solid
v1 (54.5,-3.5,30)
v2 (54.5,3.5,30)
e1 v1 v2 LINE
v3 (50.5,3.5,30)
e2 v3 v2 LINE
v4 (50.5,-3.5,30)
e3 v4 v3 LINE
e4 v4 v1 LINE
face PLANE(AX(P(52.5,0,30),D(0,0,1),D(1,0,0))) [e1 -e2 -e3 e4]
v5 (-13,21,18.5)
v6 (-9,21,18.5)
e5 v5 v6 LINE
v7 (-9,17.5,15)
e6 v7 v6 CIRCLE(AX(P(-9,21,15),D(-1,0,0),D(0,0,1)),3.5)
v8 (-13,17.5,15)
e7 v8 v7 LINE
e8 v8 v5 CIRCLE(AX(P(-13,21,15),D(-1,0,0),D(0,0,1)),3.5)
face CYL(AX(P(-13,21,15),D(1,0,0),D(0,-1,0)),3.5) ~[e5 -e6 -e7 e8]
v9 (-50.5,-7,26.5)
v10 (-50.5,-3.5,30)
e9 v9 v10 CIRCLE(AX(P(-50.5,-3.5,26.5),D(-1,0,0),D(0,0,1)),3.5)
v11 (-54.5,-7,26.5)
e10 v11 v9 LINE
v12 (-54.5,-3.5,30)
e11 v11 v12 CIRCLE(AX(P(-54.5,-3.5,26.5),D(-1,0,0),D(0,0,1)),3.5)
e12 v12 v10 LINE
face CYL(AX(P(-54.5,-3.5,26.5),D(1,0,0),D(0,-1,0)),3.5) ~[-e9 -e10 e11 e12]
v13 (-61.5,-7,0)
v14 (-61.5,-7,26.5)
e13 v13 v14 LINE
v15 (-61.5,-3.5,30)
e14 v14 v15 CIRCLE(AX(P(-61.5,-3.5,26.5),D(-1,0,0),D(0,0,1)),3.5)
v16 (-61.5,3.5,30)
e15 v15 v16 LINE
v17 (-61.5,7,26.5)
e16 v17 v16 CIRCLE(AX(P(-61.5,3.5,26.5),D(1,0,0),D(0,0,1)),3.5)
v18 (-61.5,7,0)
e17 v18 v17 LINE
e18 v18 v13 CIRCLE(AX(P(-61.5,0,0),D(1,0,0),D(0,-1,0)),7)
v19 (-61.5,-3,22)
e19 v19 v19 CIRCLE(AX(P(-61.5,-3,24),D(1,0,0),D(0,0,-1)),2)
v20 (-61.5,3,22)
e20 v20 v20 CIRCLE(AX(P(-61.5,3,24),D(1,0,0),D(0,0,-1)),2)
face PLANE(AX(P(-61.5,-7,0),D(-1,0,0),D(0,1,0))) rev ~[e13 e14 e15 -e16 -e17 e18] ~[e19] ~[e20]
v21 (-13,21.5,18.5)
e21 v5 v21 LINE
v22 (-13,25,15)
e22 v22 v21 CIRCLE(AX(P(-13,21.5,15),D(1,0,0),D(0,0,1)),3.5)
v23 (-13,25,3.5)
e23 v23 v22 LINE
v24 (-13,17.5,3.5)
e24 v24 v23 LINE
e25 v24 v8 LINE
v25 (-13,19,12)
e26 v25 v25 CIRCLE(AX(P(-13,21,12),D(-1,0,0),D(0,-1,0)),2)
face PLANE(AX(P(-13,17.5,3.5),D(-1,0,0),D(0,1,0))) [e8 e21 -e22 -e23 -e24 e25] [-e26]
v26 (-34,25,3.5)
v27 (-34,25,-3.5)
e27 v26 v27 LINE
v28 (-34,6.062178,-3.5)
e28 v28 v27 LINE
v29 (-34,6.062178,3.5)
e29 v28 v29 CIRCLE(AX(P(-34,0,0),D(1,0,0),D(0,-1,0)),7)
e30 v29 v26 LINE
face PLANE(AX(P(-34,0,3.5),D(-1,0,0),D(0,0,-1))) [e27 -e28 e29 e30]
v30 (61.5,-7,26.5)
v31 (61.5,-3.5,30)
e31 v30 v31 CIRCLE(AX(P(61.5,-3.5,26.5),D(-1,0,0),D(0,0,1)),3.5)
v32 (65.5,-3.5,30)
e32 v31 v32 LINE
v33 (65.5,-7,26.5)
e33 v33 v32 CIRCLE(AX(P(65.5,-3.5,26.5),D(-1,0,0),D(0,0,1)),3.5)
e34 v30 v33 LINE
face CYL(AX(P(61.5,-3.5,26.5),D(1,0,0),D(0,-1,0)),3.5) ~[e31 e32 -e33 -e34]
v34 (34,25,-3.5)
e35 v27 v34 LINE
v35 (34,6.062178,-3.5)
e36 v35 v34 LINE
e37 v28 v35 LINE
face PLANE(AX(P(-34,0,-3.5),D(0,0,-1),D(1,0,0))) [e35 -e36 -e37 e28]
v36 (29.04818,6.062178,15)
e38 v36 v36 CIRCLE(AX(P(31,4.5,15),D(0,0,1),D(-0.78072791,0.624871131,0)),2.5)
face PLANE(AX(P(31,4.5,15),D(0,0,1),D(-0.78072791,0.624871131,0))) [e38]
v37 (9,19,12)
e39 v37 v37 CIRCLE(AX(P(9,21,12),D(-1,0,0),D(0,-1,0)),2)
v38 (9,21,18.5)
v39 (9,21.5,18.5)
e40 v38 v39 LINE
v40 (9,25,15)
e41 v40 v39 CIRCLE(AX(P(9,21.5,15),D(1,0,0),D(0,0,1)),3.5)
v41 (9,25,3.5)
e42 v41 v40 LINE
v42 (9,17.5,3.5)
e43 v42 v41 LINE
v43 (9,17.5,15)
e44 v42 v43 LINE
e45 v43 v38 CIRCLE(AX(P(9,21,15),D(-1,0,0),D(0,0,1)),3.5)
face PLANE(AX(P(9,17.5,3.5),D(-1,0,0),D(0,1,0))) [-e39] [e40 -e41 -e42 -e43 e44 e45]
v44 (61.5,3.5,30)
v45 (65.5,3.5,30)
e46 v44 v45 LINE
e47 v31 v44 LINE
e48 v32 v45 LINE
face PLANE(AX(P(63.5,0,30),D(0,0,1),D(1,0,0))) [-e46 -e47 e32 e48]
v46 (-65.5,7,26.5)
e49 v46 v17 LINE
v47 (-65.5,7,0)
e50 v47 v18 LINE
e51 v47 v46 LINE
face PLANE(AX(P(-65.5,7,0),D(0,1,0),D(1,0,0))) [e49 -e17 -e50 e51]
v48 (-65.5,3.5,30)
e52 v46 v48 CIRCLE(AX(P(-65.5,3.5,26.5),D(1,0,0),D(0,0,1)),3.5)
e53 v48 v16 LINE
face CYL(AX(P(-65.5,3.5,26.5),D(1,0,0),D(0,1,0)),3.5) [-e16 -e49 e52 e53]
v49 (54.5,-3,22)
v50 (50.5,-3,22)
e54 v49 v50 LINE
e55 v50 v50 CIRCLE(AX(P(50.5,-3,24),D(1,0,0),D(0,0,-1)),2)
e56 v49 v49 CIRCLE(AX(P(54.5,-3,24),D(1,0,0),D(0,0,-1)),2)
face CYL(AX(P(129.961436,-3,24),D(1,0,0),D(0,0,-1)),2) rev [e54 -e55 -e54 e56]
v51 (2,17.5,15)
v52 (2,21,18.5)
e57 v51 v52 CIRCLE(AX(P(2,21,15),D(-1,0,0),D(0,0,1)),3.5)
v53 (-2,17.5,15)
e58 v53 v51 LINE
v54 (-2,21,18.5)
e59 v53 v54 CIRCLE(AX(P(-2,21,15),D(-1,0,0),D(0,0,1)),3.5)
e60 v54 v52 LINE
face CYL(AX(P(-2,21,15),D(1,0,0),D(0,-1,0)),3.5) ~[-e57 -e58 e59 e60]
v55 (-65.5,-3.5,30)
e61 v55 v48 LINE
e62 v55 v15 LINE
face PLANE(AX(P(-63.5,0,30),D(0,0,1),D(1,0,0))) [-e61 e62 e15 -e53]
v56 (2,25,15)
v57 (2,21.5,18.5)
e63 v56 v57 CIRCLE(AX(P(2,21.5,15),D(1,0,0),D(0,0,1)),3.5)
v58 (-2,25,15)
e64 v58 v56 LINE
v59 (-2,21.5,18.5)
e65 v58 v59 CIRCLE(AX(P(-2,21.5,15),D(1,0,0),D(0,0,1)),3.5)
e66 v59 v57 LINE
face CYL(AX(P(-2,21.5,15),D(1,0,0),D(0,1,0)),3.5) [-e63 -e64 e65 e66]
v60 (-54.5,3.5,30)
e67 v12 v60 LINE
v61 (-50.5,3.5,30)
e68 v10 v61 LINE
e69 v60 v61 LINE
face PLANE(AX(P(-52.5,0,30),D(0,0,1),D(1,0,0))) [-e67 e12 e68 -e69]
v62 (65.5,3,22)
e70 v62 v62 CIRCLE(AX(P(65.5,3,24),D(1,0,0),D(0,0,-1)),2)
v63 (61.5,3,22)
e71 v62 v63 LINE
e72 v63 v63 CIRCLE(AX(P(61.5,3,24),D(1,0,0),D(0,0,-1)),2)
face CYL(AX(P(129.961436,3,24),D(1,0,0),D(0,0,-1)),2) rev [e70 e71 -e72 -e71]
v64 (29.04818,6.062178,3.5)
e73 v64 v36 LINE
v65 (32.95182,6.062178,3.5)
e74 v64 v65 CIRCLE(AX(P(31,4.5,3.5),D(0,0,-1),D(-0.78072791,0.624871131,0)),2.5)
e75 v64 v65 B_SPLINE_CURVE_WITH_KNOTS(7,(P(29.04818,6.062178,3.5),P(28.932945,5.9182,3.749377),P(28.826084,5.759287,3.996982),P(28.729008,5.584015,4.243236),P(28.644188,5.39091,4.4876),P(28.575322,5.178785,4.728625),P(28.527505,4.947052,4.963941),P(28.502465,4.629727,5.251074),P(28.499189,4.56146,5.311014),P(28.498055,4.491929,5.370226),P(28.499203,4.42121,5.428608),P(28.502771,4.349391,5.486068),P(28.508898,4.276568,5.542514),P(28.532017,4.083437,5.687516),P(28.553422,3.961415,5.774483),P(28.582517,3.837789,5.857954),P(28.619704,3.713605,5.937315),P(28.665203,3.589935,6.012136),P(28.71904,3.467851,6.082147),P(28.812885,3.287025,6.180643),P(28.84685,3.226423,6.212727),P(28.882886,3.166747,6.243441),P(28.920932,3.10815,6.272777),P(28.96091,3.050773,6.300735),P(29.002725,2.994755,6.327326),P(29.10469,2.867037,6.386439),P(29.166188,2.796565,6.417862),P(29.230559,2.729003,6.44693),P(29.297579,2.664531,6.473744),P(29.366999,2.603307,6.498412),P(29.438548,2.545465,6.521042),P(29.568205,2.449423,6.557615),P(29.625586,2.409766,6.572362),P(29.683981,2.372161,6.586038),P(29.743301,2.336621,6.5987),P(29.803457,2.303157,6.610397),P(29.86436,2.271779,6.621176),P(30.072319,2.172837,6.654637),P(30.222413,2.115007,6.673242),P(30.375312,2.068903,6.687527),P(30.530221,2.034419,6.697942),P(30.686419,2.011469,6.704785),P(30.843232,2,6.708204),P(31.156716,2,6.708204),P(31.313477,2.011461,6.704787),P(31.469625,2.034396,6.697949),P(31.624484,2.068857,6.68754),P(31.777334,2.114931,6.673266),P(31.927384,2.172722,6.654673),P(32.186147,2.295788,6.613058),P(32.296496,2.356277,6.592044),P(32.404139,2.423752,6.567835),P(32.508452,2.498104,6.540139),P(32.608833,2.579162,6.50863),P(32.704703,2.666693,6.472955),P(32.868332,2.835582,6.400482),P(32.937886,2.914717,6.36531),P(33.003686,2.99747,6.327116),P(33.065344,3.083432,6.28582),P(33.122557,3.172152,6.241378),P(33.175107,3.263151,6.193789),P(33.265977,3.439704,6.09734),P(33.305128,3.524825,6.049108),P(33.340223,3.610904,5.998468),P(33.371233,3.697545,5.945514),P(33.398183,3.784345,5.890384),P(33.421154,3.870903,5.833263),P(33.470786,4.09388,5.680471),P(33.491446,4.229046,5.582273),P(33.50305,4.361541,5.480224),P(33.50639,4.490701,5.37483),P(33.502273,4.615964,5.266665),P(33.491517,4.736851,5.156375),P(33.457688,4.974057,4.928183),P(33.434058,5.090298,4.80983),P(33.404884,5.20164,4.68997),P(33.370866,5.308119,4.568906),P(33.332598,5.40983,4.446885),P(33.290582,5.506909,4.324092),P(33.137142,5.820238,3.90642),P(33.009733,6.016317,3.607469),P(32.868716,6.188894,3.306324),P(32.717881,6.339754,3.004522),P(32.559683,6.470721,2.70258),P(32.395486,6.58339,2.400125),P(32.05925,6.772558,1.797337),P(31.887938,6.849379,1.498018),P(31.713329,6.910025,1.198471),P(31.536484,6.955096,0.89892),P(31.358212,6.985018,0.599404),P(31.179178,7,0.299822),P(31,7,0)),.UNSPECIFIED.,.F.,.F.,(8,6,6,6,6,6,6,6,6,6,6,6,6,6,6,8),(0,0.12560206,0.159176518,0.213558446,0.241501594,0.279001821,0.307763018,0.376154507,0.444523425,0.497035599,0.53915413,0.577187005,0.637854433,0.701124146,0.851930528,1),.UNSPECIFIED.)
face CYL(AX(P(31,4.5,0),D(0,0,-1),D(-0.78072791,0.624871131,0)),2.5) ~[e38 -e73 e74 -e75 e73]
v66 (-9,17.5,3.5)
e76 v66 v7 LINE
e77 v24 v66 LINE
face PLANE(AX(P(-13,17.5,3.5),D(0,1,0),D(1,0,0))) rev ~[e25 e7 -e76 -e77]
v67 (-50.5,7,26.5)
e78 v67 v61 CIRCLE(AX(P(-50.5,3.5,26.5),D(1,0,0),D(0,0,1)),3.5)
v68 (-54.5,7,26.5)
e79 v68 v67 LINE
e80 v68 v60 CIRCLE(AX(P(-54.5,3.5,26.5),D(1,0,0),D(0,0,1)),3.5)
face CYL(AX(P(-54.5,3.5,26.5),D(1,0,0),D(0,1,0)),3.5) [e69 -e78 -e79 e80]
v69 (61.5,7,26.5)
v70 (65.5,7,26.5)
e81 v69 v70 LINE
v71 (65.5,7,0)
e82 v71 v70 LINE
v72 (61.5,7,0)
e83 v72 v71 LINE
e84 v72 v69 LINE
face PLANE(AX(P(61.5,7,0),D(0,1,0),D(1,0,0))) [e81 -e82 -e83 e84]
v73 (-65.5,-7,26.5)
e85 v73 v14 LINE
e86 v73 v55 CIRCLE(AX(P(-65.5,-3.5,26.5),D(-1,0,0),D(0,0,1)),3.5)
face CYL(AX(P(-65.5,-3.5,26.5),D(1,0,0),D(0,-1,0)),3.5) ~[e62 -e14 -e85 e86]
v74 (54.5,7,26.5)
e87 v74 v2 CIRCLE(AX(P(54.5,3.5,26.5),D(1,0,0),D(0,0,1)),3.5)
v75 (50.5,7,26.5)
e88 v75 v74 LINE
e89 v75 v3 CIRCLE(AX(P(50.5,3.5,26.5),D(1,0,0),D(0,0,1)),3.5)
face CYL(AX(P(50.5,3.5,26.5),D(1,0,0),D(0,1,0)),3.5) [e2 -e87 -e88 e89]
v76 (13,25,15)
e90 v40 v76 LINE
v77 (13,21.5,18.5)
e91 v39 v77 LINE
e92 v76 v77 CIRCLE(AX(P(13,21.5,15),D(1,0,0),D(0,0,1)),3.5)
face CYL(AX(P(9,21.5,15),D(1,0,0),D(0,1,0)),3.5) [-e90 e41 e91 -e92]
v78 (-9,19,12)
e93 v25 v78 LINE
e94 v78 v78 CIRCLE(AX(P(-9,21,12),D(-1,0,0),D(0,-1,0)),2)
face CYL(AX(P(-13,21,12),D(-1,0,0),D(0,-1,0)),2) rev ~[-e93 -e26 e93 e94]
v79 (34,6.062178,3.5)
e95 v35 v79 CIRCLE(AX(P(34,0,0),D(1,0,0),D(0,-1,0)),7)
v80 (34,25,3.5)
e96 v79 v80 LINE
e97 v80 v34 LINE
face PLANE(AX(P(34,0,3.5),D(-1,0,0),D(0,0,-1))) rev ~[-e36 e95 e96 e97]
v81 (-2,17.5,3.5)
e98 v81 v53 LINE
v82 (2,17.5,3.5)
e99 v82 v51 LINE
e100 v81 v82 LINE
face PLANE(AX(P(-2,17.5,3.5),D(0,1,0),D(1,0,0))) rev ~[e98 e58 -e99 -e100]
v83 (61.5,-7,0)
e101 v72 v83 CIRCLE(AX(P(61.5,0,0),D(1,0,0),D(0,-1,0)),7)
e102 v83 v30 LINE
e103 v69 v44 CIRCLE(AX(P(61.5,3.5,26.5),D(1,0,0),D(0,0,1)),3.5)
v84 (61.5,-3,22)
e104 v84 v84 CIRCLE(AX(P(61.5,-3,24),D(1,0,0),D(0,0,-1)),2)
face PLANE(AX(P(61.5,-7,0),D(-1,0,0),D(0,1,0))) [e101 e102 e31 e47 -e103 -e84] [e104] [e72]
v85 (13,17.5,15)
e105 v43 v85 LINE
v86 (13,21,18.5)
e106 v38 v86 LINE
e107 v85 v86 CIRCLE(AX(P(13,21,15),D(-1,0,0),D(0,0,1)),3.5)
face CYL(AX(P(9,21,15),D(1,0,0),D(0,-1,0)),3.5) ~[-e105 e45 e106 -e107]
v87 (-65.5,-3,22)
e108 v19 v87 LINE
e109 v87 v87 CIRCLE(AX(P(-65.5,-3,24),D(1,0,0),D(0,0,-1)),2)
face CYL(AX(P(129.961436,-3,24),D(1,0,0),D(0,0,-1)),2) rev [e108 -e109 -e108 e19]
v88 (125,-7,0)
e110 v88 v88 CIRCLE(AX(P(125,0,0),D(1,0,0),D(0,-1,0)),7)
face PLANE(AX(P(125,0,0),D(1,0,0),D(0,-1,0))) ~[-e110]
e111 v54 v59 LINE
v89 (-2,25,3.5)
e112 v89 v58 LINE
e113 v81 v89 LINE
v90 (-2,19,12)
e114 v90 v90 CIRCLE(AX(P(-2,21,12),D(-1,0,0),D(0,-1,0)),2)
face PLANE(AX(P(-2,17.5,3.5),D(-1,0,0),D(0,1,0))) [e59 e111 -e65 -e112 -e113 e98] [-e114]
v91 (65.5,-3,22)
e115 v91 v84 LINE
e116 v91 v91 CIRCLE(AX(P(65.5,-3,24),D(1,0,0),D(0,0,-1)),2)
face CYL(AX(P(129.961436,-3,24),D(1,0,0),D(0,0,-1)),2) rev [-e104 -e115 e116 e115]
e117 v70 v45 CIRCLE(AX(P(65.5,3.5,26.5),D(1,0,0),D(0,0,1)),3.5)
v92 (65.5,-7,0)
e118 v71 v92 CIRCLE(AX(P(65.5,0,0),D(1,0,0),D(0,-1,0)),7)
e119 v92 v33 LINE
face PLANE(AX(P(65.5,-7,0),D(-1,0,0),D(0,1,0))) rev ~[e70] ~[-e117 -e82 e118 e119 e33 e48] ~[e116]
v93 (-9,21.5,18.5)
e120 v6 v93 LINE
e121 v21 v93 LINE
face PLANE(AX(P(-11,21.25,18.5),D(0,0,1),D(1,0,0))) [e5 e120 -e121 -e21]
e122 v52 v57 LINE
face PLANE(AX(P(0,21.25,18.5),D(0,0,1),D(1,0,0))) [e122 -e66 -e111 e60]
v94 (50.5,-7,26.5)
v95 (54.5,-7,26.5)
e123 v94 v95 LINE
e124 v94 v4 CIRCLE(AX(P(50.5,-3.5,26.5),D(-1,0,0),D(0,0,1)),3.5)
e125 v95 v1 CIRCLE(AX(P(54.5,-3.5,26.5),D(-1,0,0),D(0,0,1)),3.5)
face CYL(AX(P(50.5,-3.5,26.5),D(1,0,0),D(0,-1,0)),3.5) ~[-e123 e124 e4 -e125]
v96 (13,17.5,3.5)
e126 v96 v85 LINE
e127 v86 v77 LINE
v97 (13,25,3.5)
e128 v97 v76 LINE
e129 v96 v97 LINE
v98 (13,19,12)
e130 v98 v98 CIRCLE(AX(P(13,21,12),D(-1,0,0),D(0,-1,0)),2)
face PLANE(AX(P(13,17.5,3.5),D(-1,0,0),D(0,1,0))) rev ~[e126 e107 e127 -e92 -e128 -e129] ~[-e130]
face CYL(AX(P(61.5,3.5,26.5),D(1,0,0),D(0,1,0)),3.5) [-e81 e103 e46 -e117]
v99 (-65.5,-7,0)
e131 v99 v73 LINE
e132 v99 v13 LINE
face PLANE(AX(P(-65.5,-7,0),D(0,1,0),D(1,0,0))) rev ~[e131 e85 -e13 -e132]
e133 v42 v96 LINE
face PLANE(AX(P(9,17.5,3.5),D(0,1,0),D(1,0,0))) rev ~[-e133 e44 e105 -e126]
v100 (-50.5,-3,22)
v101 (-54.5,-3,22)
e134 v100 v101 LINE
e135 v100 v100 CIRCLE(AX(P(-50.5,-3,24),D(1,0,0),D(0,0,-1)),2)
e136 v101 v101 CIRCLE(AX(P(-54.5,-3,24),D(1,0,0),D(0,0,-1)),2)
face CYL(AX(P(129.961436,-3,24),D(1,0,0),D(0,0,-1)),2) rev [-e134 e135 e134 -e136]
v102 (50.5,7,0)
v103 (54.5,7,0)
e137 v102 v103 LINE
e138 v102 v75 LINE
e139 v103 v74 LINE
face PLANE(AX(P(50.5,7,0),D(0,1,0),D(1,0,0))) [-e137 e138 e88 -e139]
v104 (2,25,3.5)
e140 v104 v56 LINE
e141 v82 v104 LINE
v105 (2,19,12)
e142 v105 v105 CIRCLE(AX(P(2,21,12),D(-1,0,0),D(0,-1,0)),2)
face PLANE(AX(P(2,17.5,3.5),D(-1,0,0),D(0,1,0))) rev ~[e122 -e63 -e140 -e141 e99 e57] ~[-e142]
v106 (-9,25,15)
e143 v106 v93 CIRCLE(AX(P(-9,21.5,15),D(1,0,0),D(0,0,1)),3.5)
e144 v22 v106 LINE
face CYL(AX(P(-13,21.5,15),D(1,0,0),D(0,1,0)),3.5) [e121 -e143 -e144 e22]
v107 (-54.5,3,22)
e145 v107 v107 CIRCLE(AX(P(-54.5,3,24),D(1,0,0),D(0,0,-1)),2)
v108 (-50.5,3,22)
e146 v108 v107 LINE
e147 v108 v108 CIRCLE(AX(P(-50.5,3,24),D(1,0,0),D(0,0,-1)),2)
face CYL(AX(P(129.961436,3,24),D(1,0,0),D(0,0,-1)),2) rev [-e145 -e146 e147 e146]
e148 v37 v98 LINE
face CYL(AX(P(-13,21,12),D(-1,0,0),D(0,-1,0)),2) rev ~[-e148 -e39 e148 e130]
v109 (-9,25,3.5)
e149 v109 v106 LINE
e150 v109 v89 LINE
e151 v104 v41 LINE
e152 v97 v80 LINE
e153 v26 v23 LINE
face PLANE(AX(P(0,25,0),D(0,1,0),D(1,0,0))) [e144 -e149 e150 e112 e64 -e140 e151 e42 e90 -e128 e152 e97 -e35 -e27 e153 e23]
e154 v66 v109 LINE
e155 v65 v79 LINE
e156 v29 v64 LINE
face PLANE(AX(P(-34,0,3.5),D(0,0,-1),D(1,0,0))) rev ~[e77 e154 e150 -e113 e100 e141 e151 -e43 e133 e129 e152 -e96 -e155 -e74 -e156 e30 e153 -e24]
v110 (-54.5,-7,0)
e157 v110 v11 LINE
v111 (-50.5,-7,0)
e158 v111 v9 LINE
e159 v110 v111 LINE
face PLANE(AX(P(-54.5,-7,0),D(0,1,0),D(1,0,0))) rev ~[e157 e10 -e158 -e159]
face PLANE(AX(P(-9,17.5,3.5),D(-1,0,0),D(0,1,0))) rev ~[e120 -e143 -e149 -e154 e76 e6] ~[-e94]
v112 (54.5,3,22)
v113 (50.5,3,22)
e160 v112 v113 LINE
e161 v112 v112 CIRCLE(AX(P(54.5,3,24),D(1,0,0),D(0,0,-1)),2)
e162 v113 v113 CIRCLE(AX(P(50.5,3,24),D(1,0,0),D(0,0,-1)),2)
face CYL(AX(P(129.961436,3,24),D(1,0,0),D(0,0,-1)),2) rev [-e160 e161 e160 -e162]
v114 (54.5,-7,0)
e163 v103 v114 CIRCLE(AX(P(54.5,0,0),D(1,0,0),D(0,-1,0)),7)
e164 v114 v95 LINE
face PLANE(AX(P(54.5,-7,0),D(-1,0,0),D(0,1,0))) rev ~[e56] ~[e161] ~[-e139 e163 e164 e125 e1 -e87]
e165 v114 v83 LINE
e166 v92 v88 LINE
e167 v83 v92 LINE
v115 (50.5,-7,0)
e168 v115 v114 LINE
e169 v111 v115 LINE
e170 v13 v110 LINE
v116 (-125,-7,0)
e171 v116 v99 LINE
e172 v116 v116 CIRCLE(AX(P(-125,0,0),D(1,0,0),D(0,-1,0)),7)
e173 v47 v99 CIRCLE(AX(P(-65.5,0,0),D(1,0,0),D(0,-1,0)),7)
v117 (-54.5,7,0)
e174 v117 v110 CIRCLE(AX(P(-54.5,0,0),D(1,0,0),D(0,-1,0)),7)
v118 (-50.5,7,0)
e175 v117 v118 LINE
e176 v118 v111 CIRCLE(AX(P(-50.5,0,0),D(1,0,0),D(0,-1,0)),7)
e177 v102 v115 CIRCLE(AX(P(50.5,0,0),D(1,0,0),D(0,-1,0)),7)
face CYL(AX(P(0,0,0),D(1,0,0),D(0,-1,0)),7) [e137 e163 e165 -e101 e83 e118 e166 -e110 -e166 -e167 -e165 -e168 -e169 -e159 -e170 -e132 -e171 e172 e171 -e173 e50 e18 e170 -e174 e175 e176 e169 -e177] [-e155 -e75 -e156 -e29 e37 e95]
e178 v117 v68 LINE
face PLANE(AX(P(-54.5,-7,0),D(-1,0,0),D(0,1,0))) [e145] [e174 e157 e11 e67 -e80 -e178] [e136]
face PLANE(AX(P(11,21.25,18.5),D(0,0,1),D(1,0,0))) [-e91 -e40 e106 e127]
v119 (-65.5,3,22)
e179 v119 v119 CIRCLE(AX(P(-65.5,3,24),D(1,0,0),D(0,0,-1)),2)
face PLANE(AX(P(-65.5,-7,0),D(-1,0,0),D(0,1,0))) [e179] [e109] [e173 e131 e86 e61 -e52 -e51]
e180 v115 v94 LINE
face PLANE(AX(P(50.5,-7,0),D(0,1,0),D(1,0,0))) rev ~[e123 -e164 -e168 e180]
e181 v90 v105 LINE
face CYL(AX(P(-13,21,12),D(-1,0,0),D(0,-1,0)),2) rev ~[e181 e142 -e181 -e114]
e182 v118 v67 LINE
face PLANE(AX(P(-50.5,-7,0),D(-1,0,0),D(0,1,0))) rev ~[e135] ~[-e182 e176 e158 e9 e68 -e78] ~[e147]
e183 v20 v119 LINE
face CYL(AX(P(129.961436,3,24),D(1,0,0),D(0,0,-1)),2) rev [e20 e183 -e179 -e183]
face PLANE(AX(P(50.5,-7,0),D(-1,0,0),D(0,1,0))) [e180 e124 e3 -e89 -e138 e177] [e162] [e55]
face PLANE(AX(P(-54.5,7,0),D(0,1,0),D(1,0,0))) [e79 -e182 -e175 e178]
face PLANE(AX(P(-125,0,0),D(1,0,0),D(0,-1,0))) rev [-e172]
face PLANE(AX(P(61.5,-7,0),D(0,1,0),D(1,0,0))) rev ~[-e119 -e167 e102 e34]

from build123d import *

# Parameters (mm, degrees)
SKETCH1_W               = 250
SKETCH1_H               = 7
SKETCH2_W               = 68
SKETCH2_H               = 7
BOSS_EXTRUDE1_DEPTH     = 25
SKETCH3_W               = 4
SKETCH3_H               = 7.5
BOSS_EXTRUDE2_DEPTH     = 15
FILLET1_R               = 3.5
SKETCH5_R               = 2.5
SKETCH5_W               = 4
SKETCH5_H               = 14
BOSS_EXTRUDE3_DEPTH     = 30
FILLET2_R               = 3.5
CUT_EXTRUDE1_DEPTH      = 195.461435879
CUT_EXTRUDE1_DEPTH_BACK = 195.461435879
SKETCH6_R               = 2
SKETCH4_R               = 2
CUT_EXTRUDE2_DEPTH      = 144.418966785
CUT_EXTRUDE3_START      = -15
SKETCH7_R               = 2.5
CUT_EXTRUDE3_DEPTH      = 15


with BuildPart() as part:
    # Sketch1 → Revolve-Thin1 (revolve)
    with BuildSketch(Plane.XY, mode=Mode.PRIVATE) as revolve_thin1_sk:
        with Locations((0, 3.5)):
            Rectangle(SKETCH1_W, SKETCH1_H)
    revolve(revolve_thin1_sk.sketch.rotate(Axis((-125, 0, 0), (1, 0, 0)), 180), axis=Axis((-125, 0, 0), (1, 0, 0)))

    # Sketch2 → Boss-Extrude1 (add)
    with BuildSketch(Plane(origin=(0, 0, 0), x_dir=(1, 0, 0), z_dir=(0, 1, 0))):
        Rectangle(SKETCH2_W, SKETCH2_H)
    extrude(amount=BOSS_EXTRUDE1_DEPTH)

    # Sketch3 → Boss-Extrude2 (add)
    with BuildSketch(Plane.XY.offset(3.5)):
        with Locations((-11, 21.25)):
            Rectangle(SKETCH3_W, SKETCH3_H)
        with Locations((0, 21.25)):
            Rectangle(SKETCH3_W, SKETCH3_H)
        with Locations((11, 21.25)):
            Rectangle(SKETCH3_W, SKETCH3_H)
    extrude(amount=BOSS_EXTRUDE2_DEPTH)

    # Fillet1
    fillet1_edges = [part.edges().sort_by_distance(p)[0] for p in [
        (-11, 17.5, 18.5),
        (-11, 25, 18.5),
        (0, 17.5, 18.5),
        (0, 25, 18.5),
        (11, 17.5, 18.5),
        (11, 25, 18.5),
    ]]
    fillet(fillet1_edges, radius=FILLET1_R)

    # Sketch5 → Boss-Extrude3 (add)
    with BuildSketch(Plane.XY):
        with Locations(Location((31, 4.5, 0), (0, 0, 141.327270593))):
            Circle(SKETCH5_R)
        with Locations((-52.5, 0)):
            Rectangle(SKETCH5_W, SKETCH5_H)
        with Locations((-63.5, 0)):
            Rectangle(SKETCH5_W, SKETCH5_H)
        with Locations((63.5, 0)):
            Rectangle(SKETCH5_W, SKETCH5_H)
        with Locations((52.5, 0)):
            Rectangle(SKETCH5_W, SKETCH5_H)
    extrude(amount=BOSS_EXTRUDE3_DEPTH)

    # Fillet2
    fillet2_edges = [part.edges().sort_by_distance(p)[0] for p in [
        (-63.5, 7, 30),
        (-63.5, -7, 30),
        (63.5, 7, 30),
        (63.5, -7, 30),
        (52.5, 7, 30),
        (52.5, -7, 30),
        (-52.5, -7, 30),
        (-52.5, 7, 30),
    ]]
    fillet(fillet2_edges, radius=FILLET2_R)

    # Sketch6 → Cut-Extrude1 (cut, two sides: drawn at the far end of the back side and taken through both)
    with BuildSketch(Plane.ZY.offset(65.5).offset(-CUT_EXTRUDE1_DEPTH_BACK)):
        with Locations(Location((24, 3, 0), (0, 0, 180))):
            Circle(SKETCH6_R)
        with Locations(Location((24, -3, 0), (0, 0, 180))):
            Circle(SKETCH6_R)
    extrude(amount=CUT_EXTRUDE1_DEPTH + CUT_EXTRUDE1_DEPTH_BACK, mode=Mode.SUBTRACT)

    # Sketch4 → Cut-Extrude2 (cut, through all)
    with BuildSketch(Plane.ZY.offset(13)):
        with Locations(Location((12, 21, 0), (0, 0, 270))):
            Circle(SKETCH4_R)
    extrude(amount=-CUT_EXTRUDE2_DEPTH, mode=Mode.SUBTRACT)

    # Sketch7 → Cut-Extrude3 (cut)
    with BuildSketch(Plane.XY.offset(30).offset(CUT_EXTRUDE3_START)):
        with Locations(Location((31, 4.5, 0), (0, 0, 141.327270593))):
            Circle(SKETCH7_R)
    extrude(amount=CUT_EXTRUDE3_DEPTH, mode=Mode.SUBTRACT)


solid = part.part
